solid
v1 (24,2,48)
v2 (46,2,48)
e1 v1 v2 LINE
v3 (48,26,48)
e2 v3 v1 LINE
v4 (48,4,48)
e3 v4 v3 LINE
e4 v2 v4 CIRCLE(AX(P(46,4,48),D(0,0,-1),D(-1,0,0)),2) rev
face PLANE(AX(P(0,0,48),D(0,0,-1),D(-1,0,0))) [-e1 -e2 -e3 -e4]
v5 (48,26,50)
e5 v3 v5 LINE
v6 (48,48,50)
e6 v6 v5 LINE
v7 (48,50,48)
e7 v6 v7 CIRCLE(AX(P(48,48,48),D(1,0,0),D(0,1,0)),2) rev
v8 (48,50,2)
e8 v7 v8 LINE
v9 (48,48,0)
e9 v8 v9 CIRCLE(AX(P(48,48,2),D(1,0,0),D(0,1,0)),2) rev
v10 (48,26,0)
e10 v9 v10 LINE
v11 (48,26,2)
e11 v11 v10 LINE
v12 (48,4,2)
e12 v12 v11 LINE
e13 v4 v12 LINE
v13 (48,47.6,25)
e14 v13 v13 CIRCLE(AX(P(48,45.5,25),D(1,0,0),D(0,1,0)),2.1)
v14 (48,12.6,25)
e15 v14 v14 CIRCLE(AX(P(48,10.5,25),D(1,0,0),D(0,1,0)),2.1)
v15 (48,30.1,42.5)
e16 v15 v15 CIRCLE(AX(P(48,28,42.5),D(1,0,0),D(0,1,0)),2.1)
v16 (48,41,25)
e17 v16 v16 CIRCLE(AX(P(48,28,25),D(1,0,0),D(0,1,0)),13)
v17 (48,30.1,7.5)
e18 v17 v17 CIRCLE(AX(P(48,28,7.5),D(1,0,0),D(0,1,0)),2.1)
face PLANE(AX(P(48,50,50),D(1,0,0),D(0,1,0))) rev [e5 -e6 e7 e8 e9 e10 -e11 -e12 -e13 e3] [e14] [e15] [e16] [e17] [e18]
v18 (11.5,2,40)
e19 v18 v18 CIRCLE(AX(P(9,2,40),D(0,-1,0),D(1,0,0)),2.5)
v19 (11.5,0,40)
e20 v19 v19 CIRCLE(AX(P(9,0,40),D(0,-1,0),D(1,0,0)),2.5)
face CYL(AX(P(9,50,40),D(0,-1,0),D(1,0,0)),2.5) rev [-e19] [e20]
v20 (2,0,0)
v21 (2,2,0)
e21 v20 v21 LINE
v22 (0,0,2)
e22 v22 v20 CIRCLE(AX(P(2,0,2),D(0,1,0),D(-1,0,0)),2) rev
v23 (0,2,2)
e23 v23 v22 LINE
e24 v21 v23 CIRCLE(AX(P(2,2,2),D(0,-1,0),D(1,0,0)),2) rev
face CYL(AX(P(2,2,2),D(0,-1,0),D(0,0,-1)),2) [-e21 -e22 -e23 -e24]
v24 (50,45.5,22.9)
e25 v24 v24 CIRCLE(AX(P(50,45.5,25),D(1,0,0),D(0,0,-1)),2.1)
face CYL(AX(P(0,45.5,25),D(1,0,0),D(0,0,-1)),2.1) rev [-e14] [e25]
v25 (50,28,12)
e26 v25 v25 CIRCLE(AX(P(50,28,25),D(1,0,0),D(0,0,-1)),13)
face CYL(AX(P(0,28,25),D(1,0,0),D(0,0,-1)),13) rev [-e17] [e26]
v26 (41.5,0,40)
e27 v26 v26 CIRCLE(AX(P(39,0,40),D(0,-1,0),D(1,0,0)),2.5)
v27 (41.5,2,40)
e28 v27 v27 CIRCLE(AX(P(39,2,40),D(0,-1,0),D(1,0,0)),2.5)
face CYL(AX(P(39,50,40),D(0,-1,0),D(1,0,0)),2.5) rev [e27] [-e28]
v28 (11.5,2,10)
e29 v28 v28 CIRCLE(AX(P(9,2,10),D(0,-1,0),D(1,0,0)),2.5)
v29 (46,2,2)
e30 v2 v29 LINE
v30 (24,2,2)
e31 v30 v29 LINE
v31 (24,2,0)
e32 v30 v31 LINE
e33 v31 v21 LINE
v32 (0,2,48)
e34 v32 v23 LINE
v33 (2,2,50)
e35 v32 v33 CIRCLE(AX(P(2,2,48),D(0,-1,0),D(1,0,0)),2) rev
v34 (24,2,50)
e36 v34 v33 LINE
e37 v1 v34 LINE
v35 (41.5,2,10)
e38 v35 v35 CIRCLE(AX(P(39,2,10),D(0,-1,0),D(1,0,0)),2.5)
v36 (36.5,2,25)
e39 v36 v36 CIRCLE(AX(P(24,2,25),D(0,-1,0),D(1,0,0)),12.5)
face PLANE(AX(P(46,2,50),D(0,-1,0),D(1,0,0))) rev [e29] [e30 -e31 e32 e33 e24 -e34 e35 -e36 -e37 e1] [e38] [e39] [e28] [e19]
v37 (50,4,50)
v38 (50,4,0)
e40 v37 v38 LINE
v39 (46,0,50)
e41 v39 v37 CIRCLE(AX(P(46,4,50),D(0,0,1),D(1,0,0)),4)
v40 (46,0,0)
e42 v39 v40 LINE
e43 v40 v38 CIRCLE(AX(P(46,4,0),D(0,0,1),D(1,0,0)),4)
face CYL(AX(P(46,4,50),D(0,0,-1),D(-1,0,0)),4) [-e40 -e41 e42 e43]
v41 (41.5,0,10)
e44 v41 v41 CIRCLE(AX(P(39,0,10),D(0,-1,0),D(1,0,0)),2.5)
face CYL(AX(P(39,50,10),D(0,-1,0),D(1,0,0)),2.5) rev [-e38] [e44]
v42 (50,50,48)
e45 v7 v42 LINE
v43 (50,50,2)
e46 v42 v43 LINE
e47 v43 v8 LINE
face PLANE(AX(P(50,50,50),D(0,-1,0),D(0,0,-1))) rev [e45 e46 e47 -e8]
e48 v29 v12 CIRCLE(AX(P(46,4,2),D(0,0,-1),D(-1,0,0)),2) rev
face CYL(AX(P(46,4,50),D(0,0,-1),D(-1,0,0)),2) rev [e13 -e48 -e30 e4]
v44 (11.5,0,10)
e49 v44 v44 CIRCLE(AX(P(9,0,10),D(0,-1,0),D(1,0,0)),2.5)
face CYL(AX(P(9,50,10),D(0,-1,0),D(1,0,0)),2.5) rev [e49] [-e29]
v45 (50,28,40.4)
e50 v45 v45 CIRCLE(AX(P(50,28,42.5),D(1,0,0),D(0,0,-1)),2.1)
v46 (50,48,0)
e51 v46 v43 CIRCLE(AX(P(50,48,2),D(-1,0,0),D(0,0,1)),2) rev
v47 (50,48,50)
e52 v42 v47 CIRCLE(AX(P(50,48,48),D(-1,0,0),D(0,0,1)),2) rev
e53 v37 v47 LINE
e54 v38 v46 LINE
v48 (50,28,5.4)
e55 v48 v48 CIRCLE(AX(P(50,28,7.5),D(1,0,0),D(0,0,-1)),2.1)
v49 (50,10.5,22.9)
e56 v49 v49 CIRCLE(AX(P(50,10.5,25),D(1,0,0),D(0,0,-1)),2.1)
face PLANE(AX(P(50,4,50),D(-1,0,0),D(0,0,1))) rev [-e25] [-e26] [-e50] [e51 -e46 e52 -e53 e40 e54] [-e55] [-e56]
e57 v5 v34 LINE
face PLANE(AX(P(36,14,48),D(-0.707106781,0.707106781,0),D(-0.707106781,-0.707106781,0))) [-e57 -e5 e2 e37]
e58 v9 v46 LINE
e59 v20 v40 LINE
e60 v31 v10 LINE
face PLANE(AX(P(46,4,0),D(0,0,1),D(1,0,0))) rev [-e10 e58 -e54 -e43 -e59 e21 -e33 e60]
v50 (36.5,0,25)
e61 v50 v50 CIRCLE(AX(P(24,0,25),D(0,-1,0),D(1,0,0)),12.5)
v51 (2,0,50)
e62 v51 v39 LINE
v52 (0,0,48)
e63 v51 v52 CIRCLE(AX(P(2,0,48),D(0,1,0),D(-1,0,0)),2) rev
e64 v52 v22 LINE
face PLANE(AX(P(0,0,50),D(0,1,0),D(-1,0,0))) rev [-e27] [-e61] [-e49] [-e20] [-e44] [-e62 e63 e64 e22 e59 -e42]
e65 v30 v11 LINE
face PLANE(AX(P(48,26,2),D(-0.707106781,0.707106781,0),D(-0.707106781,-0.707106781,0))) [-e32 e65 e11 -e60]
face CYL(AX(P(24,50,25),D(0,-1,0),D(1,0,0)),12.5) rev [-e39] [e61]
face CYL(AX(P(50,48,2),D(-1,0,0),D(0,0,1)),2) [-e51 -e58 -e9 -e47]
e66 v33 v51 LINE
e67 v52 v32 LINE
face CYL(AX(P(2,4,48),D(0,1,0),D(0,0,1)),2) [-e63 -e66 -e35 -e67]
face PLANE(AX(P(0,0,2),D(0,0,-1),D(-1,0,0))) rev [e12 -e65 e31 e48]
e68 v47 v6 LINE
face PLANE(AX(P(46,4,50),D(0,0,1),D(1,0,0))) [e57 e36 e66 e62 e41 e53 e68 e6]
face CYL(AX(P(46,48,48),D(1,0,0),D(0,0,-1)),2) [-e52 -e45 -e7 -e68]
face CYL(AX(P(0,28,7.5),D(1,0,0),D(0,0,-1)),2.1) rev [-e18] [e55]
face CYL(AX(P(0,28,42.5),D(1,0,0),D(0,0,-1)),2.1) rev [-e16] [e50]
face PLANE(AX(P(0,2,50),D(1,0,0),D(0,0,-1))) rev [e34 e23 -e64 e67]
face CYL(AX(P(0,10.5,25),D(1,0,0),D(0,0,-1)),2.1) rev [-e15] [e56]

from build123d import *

# Parameters (mm, degrees)
EXTRUDE_1_DEPTH     = 50
SKETCH_2_R          = 13
SKETCH_2_R_2        = 2.1
CUT_EXTRUDE_1_DEPTH = 50
FILLET_1_R          = 2
SKETCH_4_R          = 12.5
SKETCH_4_R_2        = 2.5
CUT_EXTRUDE_2_DEPTH = 50
EXTRUDE_2_DEPTH     = 2
EXTRUDE_START       = -50
EXTRUDE_3_DEPTH     = 2


with BuildPart() as part:
    # 草图1 → 凸台-拉伸1 (new body)
    with BuildSketch(Plane.XY):
        with BuildLine():
            Line((0, 0), (46, 0))
            ThreePointArc((46, 0), (48.828427125, 1.171572875), (50, 4))
            Line((50, 4), (50, 50))
            Line((50, 50), (48, 50))
            Line((48, 50), (48, 4))
            ThreePointArc((48, 4), (47.414213562, 2.585786438), (46, 2))
            Line((46, 2), (0, 2))
            Line((0, 2), (0, 0))
        make_face()
    extrude(amount=EXTRUDE_1_DEPTH)

    # 草图2 → 切除-拉伸1 (cut)
    with BuildSketch(Plane(origin=(50, 0, 0), x_dir=(0, 0, -1), z_dir=(1, 0, 0))):
        with Locations((-25, 28)):
            Circle(SKETCH_2_R)
        with Locations((-25, 45.5)):
            Circle(SKETCH_2_R_2)
        with Locations((-7.5, 28)):
            Circle(SKETCH_2_R_2)
        with Locations((-25, 10.5)):
            Circle(SKETCH_2_R_2)
        with Locations((-42.5, 28)):
            Circle(SKETCH_2_R_2)
    extrude(amount=-CUT_EXTRUDE_1_DEPTH, mode=Mode.SUBTRACT)

    # 圆角1
    fillet_1_edges = [part.edges().sort_by_distance(p)[0] for p in [
        (0, 1, 0),
        (49, 50, 50),
        (0, 1, 50),
        (49, 50, 0),
    ]]
    fillet(fillet_1_edges, radius=FILLET_1_R)

    # 草图4 → 切除-拉伸2 (cut)
    with BuildSketch(Plane.XZ):
        with Locations((24, 25)):
            Circle(SKETCH_4_R)
        with Locations((39, 10)):
            Circle(SKETCH_4_R_2)
        with Locations((9, 10)):
            Circle(SKETCH_4_R_2)
        with Locations((9, 40)):
            Circle(SKETCH_4_R_2)
        with Locations((39, 40)):
            Circle(SKETCH_4_R_2)
    extrude(amount=-CUT_EXTRUDE_2_DEPTH, mode=Mode.SUBTRACT)

    # 草图5 → 凸台-拉伸2 (add)
    with BuildSketch(Plane(origin=(0, 0, 0), x_dir=(-1, 0, 0), z_dir=(0, 0, -1))):
        Polygon((-48, 26), (-24, 2), (-48.828427125, 1.171572875), align=None)
    extrude(amount=-EXTRUDE_2_DEPTH)

    # 草图5<2> → 凸台-拉伸3 (add)
    with BuildSketch(Plane(origin=(0, 0, 0), x_dir=(-1, 0, 0), z_dir=(0, 0, -1)).offset(EXTRUDE_START)):
        Polygon((-48, 26), (-24, 2), (-48.828427125, 1.171572875), align=None)
    extrude(amount=EXTRUDE_3_DEPTH)


solid = part.part
